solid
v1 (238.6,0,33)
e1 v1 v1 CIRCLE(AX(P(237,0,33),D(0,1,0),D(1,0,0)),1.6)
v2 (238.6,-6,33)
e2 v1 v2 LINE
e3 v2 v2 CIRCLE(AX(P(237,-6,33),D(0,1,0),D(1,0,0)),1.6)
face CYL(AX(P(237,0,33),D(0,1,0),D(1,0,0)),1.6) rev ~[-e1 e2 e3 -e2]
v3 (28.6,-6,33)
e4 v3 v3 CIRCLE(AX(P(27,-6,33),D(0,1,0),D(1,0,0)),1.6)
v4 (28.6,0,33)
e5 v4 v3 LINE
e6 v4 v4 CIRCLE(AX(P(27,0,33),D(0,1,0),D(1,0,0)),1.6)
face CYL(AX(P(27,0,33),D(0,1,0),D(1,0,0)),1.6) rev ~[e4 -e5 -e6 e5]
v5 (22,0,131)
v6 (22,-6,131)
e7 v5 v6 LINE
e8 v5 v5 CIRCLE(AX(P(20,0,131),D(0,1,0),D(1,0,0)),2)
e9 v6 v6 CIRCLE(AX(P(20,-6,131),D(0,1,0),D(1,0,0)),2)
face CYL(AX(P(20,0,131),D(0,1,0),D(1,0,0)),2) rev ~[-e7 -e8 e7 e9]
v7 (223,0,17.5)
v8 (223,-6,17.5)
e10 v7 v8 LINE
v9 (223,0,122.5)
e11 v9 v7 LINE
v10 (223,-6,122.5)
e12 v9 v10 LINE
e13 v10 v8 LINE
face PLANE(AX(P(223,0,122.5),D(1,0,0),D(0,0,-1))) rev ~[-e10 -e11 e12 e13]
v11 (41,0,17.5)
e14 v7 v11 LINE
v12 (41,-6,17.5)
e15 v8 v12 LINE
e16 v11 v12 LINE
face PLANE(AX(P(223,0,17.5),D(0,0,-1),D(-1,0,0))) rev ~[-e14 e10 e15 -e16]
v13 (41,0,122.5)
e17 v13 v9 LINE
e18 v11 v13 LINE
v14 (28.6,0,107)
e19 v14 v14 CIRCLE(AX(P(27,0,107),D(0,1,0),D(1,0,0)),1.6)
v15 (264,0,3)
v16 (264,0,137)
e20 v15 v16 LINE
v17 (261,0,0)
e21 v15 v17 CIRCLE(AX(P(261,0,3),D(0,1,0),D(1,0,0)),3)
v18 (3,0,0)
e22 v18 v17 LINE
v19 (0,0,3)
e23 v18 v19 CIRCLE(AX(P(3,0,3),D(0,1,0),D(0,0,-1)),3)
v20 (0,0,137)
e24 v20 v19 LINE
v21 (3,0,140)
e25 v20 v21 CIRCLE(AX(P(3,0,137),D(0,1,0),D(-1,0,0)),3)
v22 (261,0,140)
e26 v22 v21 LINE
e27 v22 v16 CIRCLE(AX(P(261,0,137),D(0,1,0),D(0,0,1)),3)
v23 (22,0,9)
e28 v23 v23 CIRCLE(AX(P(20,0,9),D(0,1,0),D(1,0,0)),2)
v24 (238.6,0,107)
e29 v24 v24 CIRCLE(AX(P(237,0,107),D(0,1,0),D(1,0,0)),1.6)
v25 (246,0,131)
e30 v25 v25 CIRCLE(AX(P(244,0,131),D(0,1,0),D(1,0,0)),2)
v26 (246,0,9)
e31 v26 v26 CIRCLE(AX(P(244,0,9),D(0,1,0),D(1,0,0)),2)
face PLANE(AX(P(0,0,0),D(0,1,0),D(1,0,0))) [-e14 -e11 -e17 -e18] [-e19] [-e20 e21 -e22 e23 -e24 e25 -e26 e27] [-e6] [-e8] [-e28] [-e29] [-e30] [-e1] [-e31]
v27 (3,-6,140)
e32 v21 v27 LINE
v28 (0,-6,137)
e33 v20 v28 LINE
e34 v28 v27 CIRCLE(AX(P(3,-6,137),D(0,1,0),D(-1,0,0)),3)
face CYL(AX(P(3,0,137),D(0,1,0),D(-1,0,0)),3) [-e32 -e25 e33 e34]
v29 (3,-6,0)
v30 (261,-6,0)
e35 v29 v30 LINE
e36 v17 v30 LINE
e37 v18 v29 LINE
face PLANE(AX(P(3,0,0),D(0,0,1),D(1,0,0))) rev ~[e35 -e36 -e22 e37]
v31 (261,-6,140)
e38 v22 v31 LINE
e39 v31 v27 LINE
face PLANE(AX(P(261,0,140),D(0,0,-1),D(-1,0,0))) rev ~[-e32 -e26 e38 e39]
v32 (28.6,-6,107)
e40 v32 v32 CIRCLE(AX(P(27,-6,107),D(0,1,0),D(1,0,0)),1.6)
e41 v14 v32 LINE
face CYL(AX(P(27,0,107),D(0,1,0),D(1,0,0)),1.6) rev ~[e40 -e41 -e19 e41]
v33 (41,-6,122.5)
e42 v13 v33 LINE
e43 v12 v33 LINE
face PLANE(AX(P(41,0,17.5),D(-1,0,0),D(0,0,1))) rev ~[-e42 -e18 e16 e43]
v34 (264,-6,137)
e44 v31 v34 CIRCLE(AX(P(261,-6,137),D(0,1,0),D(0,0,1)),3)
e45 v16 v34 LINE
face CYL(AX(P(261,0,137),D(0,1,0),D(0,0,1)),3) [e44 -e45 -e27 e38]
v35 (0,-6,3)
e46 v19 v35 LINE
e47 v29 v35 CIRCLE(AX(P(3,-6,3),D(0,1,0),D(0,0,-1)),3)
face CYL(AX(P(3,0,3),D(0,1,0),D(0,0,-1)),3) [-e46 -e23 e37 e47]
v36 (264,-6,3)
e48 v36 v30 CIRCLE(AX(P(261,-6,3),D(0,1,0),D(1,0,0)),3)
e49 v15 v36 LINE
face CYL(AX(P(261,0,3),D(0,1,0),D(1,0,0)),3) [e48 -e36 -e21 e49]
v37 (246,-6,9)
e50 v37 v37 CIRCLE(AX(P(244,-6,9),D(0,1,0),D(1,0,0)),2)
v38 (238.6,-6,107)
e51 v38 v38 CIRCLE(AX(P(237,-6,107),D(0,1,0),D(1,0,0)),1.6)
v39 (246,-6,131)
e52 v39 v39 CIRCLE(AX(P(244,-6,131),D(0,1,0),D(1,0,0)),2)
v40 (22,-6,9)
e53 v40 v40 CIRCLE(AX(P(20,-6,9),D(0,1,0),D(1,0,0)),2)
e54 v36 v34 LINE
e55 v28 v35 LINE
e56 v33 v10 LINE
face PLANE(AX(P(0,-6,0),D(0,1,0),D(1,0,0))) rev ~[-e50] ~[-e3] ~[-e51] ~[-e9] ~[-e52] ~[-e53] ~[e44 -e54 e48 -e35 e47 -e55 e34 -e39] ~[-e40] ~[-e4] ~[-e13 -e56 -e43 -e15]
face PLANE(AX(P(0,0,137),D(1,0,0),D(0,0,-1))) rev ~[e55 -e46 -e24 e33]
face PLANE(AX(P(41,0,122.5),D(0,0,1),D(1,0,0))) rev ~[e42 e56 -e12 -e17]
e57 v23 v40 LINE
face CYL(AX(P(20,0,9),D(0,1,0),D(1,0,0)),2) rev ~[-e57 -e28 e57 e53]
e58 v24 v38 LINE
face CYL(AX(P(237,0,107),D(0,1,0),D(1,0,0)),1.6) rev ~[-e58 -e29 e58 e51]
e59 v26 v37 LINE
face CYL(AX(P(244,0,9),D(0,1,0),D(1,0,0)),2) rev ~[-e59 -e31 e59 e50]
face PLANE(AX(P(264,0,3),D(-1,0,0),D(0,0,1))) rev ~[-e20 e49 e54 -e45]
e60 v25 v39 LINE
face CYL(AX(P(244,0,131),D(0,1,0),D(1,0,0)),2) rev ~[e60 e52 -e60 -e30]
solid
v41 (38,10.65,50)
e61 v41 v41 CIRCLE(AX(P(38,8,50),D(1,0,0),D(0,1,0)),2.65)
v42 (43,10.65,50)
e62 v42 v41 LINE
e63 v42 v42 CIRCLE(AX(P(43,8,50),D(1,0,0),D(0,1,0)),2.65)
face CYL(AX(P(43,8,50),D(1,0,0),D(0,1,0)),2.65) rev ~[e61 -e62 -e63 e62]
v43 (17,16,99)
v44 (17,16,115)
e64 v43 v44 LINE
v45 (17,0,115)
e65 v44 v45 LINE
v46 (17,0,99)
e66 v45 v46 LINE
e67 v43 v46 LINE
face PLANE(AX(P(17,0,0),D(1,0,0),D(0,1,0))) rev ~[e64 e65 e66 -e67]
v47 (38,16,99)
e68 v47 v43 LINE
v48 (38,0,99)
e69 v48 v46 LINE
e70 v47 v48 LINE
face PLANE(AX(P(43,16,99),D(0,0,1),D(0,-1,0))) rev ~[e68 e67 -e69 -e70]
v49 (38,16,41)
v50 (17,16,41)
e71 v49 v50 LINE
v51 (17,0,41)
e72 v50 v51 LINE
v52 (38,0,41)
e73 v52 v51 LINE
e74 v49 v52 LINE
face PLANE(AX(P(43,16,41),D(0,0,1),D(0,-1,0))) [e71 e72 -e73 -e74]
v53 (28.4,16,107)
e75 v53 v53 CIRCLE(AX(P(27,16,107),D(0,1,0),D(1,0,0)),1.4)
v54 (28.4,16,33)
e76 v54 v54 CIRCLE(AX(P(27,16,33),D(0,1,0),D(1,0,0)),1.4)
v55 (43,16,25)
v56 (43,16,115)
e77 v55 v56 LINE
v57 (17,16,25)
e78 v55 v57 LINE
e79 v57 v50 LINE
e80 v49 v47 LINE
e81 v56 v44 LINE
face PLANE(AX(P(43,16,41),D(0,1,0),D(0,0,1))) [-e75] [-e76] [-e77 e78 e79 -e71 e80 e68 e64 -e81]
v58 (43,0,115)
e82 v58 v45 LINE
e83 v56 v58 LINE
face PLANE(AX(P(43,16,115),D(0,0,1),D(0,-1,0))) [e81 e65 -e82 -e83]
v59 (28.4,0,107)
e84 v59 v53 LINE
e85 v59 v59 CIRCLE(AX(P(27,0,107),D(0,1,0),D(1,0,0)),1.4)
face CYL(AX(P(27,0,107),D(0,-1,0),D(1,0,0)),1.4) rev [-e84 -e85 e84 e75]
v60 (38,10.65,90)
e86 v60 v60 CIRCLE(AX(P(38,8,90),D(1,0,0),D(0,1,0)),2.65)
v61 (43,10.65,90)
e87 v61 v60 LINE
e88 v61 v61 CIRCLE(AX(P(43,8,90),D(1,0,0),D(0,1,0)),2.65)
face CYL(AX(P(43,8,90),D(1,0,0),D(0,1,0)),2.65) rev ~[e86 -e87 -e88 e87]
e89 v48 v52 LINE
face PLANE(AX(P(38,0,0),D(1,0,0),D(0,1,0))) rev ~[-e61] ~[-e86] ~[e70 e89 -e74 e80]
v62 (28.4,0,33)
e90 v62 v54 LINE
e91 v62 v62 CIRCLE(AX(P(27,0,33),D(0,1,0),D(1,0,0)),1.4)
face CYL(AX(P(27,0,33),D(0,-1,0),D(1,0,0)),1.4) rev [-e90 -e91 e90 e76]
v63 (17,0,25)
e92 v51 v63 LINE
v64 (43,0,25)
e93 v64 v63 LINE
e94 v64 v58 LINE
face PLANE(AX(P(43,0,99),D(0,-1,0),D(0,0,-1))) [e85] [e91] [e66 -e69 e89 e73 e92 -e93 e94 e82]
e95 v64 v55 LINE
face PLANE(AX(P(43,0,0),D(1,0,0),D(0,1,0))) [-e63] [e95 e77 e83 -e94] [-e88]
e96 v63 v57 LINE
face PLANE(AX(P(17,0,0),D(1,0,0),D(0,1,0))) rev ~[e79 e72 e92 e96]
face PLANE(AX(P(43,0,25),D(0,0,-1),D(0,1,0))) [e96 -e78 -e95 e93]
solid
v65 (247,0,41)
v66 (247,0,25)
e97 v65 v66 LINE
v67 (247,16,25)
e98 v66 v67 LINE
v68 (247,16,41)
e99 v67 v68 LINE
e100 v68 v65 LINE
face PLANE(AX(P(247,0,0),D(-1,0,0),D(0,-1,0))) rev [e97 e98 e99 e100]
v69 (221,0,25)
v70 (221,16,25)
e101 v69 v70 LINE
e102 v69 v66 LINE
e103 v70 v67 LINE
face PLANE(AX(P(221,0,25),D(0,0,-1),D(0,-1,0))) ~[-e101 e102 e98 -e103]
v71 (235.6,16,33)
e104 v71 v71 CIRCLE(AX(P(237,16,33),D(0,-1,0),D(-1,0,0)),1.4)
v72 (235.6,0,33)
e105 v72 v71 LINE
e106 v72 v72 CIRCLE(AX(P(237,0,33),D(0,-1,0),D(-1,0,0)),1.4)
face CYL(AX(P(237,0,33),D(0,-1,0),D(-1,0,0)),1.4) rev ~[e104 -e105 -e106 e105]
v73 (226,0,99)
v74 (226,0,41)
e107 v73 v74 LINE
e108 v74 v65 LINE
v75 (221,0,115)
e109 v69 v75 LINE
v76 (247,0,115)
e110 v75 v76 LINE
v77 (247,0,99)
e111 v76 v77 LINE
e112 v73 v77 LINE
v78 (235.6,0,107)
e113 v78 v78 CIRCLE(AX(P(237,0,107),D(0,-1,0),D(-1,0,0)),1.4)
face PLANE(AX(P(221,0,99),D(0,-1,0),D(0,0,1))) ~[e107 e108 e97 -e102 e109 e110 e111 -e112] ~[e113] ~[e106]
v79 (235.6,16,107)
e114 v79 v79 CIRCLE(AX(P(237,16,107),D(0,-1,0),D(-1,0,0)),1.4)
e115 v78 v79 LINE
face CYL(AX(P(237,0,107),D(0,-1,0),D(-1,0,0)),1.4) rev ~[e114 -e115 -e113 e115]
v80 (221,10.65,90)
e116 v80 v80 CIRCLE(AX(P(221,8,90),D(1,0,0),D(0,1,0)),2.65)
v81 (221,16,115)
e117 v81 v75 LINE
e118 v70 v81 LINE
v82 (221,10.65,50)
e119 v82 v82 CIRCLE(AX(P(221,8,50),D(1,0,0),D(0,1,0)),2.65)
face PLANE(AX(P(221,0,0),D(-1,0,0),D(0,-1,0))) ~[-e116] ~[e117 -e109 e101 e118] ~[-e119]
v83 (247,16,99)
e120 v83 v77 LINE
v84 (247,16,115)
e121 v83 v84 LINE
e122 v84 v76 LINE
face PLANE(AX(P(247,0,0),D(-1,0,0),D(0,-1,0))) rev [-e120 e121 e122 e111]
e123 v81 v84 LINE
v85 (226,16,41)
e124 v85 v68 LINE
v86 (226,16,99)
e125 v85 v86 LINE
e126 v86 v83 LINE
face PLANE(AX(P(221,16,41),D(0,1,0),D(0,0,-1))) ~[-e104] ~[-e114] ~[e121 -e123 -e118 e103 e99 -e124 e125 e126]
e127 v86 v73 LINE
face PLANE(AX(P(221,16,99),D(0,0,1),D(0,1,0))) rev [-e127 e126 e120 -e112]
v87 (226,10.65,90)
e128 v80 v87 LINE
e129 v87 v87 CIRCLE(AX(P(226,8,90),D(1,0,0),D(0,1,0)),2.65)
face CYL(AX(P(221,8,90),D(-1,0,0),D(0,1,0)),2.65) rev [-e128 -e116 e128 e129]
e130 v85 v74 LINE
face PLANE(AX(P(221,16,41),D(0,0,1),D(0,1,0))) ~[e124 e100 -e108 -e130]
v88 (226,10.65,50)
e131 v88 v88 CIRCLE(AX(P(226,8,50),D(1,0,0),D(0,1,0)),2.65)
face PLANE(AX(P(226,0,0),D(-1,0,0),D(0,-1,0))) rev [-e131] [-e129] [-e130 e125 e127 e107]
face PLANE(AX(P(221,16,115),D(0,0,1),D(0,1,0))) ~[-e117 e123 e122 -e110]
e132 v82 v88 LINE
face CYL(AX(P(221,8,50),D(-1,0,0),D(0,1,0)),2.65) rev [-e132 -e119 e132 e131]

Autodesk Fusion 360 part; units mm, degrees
ref_plane "WorkPlane1" through (43, 0, 0) normal (1, 0, 0) x (0, 1, 0)
ref_plane "WorkPlane2" through (132, 0, 0) normal (1, 0, 0) x (0, 1, 0)
sketch "dimensions" plane through (0, 0, 0) normal (0, 1, 0) x (1, 0, 0)
  line L0 (0, 0) -> (264, 0)
  line L1 (264, 0) -> (264, -140)
  line L2 (264, -140) -> (0, -140)
  line L3 (0, -140) -> (0, 0)
  line L4 (132, -140) -> (132, 0) construction
  line L5 (264, -70) -> (0, -70) construction
  line L6 (257.4125, -120.8) -> (6.5875, -120.8) construction
  line L7 (6.5875, -120.8) -> (6.5875, -19.2) construction
  line L8 (6.5875, -19.2) -> (257.4125, -19.2) construction
  line L9 (257.4125, -19.2) -> (257.4125, -120.8) construction
  line L10 (257.4125, -120.8) -> (6.5875, -19.2) construction
  line L11 (6.5875, -120.8) -> (257.4125, -19.2) construction
  line L12 (41, -122.5) -> (223, -122.5)
  line L13 (223, -122.5) -> (223, -17.5)
  line L14 (223, -17.5) -> (41, -17.5)
  line L15 (41, -17.5) -> (41, -122.5)
  line L16 (41, -122.5) -> (223, -17.5) construction
  line L17 (223, -122.5) -> (41, -17.5) construction
  line L18 (43, -140) -> (43, 0) construction
  line L19 (221, -140) -> (221, 0) construction
  line L20 (43, -33) -> (27, -33) construction
  line L21 (43, -107) -> (27, -107) construction
  line L22 (221, -107) -> (237, -107) construction
  line L23 (221, -33) -> (237, -33) construction
  circle A0 centre (27, -107) radius 1.4
  circle A1 centre (27, -33) radius 1.4
  circle A2 centre (237, -107) radius 1.4
  circle A3 centre (237, -33) radius 1.4
  point P0 (132, -70)
  point P1 (132, -70)
  point P2 (132, -70)
  point P3 (43, -70)
  point P4 (221, -70)
  dimension "d1" = 264
  dimension "d2" = 140
  dimension "d3" = 250.825
  dimension "d4" = 101.6
  dimension "d5" = 182
  dimension "d6" = 105
  dimension "d7" = 43
  dimension "d8" = 43
  dimension "d23" = 16
  dimension "d24" = 16
  dimension "d25" = 37
  dimension "d26" = 37
  dimension "d27" = 16
  dimension "d28" = 16
  dimension "d29" = 37
  dimension "d30" = 37
  dimension "d31" = 2.8
  dimension "d32" = 2.8
  dimension "d33" = 2.8
  dimension "d34" = 2.8
  dimension "d58" = 132
sketch "left-bracket" plane through (43, 0, 0) normal (1, 0, 0) x (0, 1, 0)
  line L0 (0, 70) -> (8, 70) construction
  line L1 (8, 70) -> (8, 90) construction
  line L2 (8, 70) -> (8, 50) construction
  circle A0 centre (8, 90) radius 2.65
  circle A1 centre (8, 50) radius 2.65
  line L3 (5.6906, 94) -> (3.3812, 90) construction
  line L4 (3.3812, 90) -> (5.6906, 86) construction
  line L5 (5.6906, 86) -> (10.3094, 86) construction
  line L6 (10.3094, 86) -> (12.6188, 90) construction
  line L7 (12.6188, 90) -> (10.3094, 94) construction
  line L8 (10.3094, 94) -> (5.6906, 94) construction
  line L9 (5.6906, 54) -> (3.3812, 50) construction
  line L10 (3.3812, 50) -> (5.6906, 46) construction
  line L11 (5.6906, 46) -> (10.3094, 46) construction
  line L12 (10.3094, 46) -> (12.6188, 50) construction
  line L13 (12.6188, 50) -> (10.3094, 54) construction
  line L14 (10.3094, 54) -> (5.6906, 54) construction
  line L15 (0, 70) -> (0, 25) construction
  line L16 (0, 25) -> (16, 25)
  line L17 (16, 25) -> (16, 115)
  line L18 (16, 115) -> (0, 115)
  line L19 (0, 115) -> (0, 25)
  line L20 (16, 99) -> (0, 99)
  line L21 (16, 41) -> (0, 41)
  point P0 (0, 70)
  point P1 (8, 90)
  point P2 (8, 50)
  dimension "d11" = 8
  dimension "d12" = 20
  dimension "d13" = 20
  dimension "d14" = 5.3
  dimension "d15" = 5.3
  dimension "d16" = 4
  dimension "d17" = 4
  dimension "d18" = 45
  dimension "d19" = 16
  dimension "d20" = 90
  dimension "d21" = 16
  dimension "d22" = 16
sketch "esgoo_wood" plane through (0, 0, 0) normal (0, 1, 0) x (1, 0, 0)
  line L0 (3, 0) -> (261, 0)
  line L1 (264, -3) -> (264, -137)
  line L2 (0, -137) -> (0, -3)
  line L3 (261, -140) -> (3, -140)
  line L4 (41, -17.5) -> (41, -122.5)
  line L5 (41, -122.5) -> (223, -122.5)
  line L6 (223, -17.5) -> (41, -17.5)
  line L7 (223, -122.5) -> (223, -17.5)
  circle A0 centre (27, -107) radius 1.6
  circle A1 centre (27, -33) radius 1.6
  circle A2 centre (237, -107) radius 1.6
  circle A3 centre (237, -33) radius 1.6
  circle A4 centre (20, -131) radius 2
  circle A5 centre (244, -131) radius 2
  circle A6 centre (244, -9) radius 2
  circle A7 centre (20, -9) radius 2
  arc A8 (0, -137) -> (3, -140) centre (3, -137) ccw
  arc A9 (261, -140) -> (264, -137) centre (261, -137) ccw
  arc A10 (264, -3) -> (261, 0) centre (261, -3) ccw
  arc A11 (3, 0) -> (0, -3) centre (3, -3) ccw
  point P0 (27, -107)
  point P1 (27, -33)
  point P2 (237, -33)
  point P3 (237, -107)
  point P4 (0, -140)
  dimension "d35" = 3.2
  dimension "d36" = 3.2
  dimension "d37" = 3.2
  dimension "d38" = 3.2
  dimension "d39" = 4
  dimension "d40" = 20
  dimension "d41" = 9
  dimension "d42" = 4
  dimension "d43" = 4
  dimension "d44" = 4
  dimension "d45" = 20
  dimension "d46" = 9
  dimension "d47" = 20
  dimension "d48" = 9
  dimension "d49" = 20
  dimension "d50" = 9
  dimension "d51" = 3
extrude "Extrude1" add sketch "left-bracket" against normal blind 5 contours L17 L19 L20 L21 makes body 1
extrude "Extrude2" add sketch "left-bracket" against normal blind 26 contours L16 L17 L19 L21 | L17 L18 L19 L20 bodies 1
extrude "Extrude3" cut sketch "dimensions" along normal blind 16 contours A0 | A1 bodies 1
mirror "Mirror1" about plane through (132, 0, 0) normal (1, 0, 0) of bodies 1 makes body 2
extrude "Extrude4" add sketch "esgoo_wood" against normal blind 6 separate body makes body 3
equation "d3 = 9 7/8\""
equation "d4 = 4\""
equation "d25 = 45 mm - 8 mm"
equation "d26 = 45 mm - 8 mm"
equation "d29 = 45 mm - 8 mm"
equation "d30 = 45 mm - 8 mm"
